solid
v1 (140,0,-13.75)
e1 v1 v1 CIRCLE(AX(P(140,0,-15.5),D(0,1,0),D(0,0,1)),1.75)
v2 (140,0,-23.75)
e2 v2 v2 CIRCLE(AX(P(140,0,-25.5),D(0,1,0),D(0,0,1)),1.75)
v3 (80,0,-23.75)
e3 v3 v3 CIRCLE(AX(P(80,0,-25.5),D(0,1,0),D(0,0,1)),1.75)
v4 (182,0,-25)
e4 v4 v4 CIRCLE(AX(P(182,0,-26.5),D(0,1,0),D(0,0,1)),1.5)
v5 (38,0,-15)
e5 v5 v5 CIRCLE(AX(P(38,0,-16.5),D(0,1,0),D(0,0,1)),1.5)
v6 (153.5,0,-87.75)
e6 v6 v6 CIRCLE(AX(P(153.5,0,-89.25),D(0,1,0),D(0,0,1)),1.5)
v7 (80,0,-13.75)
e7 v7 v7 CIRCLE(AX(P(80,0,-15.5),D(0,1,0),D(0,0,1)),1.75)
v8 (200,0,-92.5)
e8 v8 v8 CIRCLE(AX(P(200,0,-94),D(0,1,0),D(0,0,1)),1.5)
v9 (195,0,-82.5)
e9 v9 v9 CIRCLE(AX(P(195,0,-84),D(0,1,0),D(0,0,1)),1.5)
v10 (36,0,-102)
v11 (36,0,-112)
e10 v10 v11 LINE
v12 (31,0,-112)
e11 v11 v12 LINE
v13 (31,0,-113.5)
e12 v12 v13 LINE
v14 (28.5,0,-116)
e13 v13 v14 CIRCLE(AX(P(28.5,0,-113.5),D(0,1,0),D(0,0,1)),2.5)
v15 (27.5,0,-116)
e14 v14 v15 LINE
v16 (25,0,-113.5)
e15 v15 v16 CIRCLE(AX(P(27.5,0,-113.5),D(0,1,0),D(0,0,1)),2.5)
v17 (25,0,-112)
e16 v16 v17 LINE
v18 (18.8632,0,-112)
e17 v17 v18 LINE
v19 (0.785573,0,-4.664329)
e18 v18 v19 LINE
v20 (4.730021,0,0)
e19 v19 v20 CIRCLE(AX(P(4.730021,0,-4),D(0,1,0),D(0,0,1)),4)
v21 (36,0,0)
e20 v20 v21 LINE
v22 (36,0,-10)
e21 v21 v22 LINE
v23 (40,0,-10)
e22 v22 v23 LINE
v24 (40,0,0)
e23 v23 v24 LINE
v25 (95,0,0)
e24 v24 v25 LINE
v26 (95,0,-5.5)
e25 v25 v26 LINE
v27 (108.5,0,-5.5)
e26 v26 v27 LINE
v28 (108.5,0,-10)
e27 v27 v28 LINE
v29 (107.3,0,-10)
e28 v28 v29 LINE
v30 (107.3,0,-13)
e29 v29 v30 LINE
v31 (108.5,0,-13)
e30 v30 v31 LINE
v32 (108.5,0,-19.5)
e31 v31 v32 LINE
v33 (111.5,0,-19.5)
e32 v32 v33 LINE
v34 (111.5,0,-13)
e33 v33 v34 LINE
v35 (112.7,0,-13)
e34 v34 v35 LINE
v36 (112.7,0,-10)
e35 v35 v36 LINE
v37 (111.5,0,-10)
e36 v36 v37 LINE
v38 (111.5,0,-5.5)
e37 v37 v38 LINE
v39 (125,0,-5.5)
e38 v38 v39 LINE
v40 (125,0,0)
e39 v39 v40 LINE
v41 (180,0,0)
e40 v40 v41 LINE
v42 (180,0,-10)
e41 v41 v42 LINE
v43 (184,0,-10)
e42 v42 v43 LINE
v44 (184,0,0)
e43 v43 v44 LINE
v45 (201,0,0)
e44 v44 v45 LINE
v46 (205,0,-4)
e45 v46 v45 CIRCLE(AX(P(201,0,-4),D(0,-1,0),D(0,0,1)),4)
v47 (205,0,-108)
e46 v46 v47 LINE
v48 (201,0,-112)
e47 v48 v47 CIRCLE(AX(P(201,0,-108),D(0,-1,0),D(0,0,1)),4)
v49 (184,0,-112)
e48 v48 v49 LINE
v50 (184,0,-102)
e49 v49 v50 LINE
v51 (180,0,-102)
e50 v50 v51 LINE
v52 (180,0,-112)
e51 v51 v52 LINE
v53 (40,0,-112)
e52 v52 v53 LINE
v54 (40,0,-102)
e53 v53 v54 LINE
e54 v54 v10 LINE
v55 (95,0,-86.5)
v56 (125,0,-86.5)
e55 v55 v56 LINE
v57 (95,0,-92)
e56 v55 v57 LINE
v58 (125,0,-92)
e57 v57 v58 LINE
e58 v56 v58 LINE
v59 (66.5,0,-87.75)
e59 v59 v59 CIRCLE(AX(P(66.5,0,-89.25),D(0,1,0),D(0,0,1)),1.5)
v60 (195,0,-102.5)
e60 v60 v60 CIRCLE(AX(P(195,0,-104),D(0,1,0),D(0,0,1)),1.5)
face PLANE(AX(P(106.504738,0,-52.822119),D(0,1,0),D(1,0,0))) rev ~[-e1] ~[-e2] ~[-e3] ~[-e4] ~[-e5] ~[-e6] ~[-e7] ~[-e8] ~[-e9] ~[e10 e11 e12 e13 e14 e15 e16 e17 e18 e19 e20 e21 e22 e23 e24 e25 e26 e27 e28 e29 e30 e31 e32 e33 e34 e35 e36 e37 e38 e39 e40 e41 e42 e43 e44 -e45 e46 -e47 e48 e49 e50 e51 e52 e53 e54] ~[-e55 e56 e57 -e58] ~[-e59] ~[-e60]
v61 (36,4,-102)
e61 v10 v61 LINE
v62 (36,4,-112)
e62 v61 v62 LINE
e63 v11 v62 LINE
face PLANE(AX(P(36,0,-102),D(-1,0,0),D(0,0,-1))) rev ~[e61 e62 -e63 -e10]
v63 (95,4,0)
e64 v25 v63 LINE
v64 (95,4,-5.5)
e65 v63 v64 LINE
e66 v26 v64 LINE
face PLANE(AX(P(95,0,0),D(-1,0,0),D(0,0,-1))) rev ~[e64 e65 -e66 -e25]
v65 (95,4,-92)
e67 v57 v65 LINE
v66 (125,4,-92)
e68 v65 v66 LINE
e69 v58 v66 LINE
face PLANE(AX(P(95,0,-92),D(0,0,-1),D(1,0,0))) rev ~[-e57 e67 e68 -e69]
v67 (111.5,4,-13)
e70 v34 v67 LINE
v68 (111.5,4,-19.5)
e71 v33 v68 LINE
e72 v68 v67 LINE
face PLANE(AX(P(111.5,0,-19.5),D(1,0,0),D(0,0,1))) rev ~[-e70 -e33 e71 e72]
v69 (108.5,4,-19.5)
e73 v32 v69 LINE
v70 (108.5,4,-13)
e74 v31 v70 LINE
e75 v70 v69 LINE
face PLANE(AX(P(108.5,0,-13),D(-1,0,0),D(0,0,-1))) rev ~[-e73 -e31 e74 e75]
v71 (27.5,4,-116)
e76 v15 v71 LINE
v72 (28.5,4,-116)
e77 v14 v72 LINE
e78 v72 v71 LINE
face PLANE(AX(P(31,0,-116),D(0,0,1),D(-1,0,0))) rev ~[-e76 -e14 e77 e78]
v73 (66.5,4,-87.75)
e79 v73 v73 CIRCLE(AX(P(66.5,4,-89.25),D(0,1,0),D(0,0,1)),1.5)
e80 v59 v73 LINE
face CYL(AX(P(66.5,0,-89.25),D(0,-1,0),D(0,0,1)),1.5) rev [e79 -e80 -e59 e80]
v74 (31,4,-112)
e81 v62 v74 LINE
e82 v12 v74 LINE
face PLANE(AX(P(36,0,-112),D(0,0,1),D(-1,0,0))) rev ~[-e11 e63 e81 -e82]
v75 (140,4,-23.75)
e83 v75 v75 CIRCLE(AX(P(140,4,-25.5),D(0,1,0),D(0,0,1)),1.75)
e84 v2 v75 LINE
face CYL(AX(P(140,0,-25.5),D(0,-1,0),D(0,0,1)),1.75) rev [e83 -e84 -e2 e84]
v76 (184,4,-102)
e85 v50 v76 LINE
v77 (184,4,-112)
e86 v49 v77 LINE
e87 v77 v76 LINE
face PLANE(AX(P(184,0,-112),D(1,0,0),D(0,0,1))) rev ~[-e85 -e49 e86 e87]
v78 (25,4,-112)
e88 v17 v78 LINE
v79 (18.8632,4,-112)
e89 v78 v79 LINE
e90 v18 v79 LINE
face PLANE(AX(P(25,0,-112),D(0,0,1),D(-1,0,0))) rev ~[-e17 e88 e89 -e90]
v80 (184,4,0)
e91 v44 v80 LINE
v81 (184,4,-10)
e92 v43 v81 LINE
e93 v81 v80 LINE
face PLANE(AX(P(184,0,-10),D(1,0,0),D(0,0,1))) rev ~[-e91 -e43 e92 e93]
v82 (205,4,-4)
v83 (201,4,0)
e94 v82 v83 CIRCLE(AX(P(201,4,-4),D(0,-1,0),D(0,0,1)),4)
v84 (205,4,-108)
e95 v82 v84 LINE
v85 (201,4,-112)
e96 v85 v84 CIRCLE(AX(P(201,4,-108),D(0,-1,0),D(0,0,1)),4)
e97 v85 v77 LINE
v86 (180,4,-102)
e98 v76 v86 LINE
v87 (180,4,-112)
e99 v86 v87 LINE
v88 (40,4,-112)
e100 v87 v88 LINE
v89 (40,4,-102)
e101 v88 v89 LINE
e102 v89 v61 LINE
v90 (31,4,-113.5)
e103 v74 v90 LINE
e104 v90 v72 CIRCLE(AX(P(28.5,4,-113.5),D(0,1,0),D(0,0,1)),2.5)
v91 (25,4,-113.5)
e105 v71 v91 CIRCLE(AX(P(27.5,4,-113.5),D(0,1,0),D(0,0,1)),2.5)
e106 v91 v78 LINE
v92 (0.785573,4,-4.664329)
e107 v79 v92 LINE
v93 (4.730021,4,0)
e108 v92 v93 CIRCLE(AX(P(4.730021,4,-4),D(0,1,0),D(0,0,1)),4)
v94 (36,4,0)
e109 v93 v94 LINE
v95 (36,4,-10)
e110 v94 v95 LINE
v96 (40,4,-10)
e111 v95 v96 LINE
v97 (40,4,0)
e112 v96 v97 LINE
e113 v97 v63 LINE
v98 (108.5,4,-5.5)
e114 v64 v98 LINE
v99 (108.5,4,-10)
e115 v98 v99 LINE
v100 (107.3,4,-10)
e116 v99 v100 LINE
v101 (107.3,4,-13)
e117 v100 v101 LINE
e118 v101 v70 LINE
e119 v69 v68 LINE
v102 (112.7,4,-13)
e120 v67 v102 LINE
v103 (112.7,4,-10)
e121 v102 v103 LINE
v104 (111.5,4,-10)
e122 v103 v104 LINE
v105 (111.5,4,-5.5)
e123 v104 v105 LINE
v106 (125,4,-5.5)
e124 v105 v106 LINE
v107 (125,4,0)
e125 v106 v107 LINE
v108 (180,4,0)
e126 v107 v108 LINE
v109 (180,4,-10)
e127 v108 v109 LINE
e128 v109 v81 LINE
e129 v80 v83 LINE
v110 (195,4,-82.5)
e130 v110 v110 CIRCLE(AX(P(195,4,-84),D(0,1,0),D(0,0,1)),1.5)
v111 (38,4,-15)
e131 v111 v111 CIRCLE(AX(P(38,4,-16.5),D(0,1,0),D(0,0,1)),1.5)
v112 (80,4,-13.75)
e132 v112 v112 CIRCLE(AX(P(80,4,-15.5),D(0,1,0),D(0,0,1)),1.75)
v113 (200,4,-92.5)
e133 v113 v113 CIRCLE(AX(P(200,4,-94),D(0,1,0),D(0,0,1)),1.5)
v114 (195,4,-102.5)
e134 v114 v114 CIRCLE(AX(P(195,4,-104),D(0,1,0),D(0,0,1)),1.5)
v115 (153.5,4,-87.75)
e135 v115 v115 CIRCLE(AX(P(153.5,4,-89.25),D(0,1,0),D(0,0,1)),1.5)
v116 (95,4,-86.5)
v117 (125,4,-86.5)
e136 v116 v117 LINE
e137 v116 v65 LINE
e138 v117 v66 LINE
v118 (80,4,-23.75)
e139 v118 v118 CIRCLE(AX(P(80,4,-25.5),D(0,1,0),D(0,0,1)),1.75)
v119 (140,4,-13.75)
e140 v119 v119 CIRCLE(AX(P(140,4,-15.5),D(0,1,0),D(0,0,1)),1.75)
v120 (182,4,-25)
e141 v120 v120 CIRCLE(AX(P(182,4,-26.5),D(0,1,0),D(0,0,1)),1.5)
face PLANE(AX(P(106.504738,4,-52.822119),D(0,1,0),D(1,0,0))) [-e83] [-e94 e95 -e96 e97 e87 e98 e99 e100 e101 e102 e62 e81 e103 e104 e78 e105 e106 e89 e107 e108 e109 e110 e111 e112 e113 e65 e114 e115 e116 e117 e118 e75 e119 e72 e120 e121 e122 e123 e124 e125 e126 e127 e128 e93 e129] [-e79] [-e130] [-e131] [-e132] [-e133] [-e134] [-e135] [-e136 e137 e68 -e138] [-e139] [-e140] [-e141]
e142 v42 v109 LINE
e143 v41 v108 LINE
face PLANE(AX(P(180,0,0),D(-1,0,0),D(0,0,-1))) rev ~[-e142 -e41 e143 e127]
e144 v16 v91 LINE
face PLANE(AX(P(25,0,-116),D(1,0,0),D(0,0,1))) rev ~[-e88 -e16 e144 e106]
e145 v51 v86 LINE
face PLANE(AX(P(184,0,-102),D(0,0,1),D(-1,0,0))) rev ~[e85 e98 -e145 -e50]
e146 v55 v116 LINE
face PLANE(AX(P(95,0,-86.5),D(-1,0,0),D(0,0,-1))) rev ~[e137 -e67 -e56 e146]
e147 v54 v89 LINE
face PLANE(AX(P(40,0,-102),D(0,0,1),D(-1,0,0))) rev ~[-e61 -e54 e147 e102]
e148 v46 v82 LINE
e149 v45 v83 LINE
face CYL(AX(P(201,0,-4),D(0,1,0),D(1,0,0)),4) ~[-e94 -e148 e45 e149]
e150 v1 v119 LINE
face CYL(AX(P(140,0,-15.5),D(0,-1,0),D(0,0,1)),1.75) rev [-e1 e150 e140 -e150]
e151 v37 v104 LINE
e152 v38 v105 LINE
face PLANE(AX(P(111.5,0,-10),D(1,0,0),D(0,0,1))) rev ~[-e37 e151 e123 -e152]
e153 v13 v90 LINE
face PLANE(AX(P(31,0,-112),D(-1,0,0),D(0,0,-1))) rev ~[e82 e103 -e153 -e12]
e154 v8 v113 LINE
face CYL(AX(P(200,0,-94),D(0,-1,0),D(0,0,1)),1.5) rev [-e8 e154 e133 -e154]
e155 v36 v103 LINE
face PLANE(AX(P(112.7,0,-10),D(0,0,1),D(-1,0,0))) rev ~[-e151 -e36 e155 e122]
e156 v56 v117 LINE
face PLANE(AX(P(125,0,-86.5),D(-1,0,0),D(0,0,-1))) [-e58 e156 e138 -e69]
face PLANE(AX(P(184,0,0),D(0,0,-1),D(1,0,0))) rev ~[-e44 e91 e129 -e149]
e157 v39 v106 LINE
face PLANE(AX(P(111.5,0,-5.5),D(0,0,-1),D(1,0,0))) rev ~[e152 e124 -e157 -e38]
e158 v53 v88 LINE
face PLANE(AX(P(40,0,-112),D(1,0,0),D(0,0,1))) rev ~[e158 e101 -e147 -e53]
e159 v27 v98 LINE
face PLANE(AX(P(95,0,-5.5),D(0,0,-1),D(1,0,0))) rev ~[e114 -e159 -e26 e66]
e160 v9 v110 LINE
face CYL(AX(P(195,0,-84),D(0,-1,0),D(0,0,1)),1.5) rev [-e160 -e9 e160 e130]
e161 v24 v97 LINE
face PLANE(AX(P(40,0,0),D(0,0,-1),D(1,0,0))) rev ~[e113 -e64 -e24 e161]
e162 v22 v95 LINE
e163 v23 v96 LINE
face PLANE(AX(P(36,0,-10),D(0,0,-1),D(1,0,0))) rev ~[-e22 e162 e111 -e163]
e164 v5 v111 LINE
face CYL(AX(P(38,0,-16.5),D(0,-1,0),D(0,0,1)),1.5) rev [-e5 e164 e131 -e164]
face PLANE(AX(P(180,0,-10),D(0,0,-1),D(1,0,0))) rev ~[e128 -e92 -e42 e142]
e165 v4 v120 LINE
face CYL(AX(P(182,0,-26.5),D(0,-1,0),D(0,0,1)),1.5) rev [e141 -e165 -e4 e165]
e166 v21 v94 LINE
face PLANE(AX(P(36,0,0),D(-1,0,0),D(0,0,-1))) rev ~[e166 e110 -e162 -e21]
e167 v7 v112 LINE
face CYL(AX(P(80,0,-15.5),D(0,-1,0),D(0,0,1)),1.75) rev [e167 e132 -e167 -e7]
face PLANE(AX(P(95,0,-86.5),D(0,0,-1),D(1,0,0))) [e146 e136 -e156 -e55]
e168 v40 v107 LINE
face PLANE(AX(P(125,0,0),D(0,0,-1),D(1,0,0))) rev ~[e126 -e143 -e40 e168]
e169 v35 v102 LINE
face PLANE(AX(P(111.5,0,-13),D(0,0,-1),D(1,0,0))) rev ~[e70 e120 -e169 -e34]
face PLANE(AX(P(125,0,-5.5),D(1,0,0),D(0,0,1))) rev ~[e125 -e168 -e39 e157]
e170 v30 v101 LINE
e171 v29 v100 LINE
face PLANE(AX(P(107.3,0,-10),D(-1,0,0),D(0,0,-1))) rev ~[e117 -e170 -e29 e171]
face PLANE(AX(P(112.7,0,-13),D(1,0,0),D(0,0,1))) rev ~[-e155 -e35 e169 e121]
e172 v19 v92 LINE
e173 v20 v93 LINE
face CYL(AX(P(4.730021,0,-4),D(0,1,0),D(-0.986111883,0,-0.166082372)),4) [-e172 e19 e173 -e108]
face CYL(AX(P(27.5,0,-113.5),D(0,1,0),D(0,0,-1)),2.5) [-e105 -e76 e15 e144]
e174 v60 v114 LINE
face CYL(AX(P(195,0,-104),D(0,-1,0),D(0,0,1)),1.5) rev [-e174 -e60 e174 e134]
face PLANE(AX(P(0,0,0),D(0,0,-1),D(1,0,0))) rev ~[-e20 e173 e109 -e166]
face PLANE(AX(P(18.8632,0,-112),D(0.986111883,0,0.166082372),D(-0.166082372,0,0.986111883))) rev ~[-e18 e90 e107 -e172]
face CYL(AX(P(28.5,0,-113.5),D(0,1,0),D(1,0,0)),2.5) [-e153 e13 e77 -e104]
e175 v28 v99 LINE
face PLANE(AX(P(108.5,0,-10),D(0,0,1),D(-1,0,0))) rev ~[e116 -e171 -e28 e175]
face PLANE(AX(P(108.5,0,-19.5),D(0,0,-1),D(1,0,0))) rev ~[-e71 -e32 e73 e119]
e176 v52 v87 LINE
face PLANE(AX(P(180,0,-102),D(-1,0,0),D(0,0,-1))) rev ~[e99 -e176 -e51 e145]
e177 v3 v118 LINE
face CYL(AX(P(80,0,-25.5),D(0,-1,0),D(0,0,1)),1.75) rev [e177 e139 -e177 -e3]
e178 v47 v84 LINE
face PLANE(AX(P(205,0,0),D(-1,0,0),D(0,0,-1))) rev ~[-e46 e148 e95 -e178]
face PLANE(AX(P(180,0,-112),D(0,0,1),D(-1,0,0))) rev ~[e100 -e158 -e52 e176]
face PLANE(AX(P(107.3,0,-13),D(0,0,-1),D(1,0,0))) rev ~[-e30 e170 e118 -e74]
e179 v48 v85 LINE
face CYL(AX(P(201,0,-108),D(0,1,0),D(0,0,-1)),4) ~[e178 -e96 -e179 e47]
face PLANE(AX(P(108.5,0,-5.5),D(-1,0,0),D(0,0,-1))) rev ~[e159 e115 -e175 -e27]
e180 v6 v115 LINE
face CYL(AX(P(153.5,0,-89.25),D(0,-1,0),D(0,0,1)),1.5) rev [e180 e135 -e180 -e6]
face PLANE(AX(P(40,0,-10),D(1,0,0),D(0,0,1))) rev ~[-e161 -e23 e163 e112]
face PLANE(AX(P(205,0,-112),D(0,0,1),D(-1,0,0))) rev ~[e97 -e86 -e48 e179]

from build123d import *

# Parameters (mm, degrees)
SKETCH1_R           = 1.5
SKETCH1_R_2         = 1.75
SKETCH1_W           = 30
SKETCH1_H           = 5.5
BOSS_EXTRUDE1_DEPTH = 4
FILLET1_R           = 4
FILLET2_R           = 4
FILLET3_R           = 4
FILLET4_R           = 2.5


with BuildPart() as part:
    # Sketch1 → Boss-Extrude1 (new body)
    with BuildSketch(Plane(origin=(0, 0, 0), x_dir=(1, 0, 0), z_dir=(0, 1, 0))):
        Polygon((158.5, 0), (180, 0), (180, 10), (184, 10), (184, 0), (205, 0), (205, 112), (184, 112), (184, 102), (180, 102), (180, 112), (40, 112), (40, 102), (36, 102), (36, 112), (31, 112), (31, 116), (25, 116), (25, 112), (18.8632, 112), (0, 0), (36, 0), (36, 10), (40, 10), (40, 0), (95, 0), (95, 5.5), (108.5, 5.5), (108.5, 10), (107.3, 10), (107.3, 13), (108.5, 13), (108.5, 19.5), (111.5, 19.5), (111.5, 13), (112.7, 13), (112.7, 10), (111.5, 10), (111.5, 5.5), (125, 5.5), (125, 0), (155.5, 0), align=None)
        with Locations(Location((153.5, 89.25, 0), (0, 0, 270))):
            Circle(SKETCH1_R, mode=Mode.SUBTRACT)
        with Locations(Location((66.5, 89.25, 0), (0, 0, 270))):
            Circle(SKETCH1_R, mode=Mode.SUBTRACT)
        with Locations(Location((195, 104, 0), (0, 0, 270))):
            Circle(SKETCH1_R, mode=Mode.SUBTRACT)
        with Locations(Location((195, 84, 0), (0, 0, 270))):
            Circle(SKETCH1_R, mode=Mode.SUBTRACT)
        with Locations(Location((200, 94, 0), (0, 0, 270))):
            Circle(SKETCH1_R, mode=Mode.SUBTRACT)
        with Locations(Location((80, 15.5, 0), (0, 0, 270))):
            Circle(SKETCH1_R_2, mode=Mode.SUBTRACT)
        with Locations(Location((80, 25.5, 0), (0, 0, 270))):
            Circle(SKETCH1_R_2, mode=Mode.SUBTRACT)
        with Locations(Location((140, 15.5, 0), (0, 0, 270))):
            Circle(SKETCH1_R_2, mode=Mode.SUBTRACT)
        with Locations(Location((140, 25.5, 0), (0, 0, 270))):
            Circle(SKETCH1_R_2, mode=Mode.SUBTRACT)
        with Locations(Location((182, 26.5, 0), (0, 0, 270))):
            Circle(SKETCH1_R, mode=Mode.SUBTRACT)
        with Locations(Location((38, 16.5, 0), (0, 0, 270))):
            Circle(SKETCH1_R, mode=Mode.SUBTRACT)
        with Locations((110, 89.25)):
            Rectangle(SKETCH1_W, SKETCH1_H, mode=Mode.SUBTRACT)
    extrude(amount=BOSS_EXTRUDE1_DEPTH)

    # Fillet1
    fillet1_edges = [part.edges().sort_by_distance(p)[0] for p in [
        (0, 2, 0),
    ]]
    fillet(fillet1_edges, radius=FILLET1_R)

    # Fillet2
    fillet2_edges = [part.edges().sort_by_distance(p)[0] for p in [
        (205, 2, -112),
    ]]
    fillet(fillet2_edges, radius=FILLET2_R)

    # Fillet3
    fillet3_edges = [part.edges().sort_by_distance(p)[0] for p in [
        (205, 2, 0),
    ]]
    fillet(fillet3_edges, radius=FILLET3_R)

    # Fillet4
    fillet4_edges = [part.edges().sort_by_distance(p)[0] for p in [
        (25, 2, -116),
        (31, 2, -116),
    ]]
    fillet(fillet4_edges, radius=FILLET4_R)


solid = part.part
